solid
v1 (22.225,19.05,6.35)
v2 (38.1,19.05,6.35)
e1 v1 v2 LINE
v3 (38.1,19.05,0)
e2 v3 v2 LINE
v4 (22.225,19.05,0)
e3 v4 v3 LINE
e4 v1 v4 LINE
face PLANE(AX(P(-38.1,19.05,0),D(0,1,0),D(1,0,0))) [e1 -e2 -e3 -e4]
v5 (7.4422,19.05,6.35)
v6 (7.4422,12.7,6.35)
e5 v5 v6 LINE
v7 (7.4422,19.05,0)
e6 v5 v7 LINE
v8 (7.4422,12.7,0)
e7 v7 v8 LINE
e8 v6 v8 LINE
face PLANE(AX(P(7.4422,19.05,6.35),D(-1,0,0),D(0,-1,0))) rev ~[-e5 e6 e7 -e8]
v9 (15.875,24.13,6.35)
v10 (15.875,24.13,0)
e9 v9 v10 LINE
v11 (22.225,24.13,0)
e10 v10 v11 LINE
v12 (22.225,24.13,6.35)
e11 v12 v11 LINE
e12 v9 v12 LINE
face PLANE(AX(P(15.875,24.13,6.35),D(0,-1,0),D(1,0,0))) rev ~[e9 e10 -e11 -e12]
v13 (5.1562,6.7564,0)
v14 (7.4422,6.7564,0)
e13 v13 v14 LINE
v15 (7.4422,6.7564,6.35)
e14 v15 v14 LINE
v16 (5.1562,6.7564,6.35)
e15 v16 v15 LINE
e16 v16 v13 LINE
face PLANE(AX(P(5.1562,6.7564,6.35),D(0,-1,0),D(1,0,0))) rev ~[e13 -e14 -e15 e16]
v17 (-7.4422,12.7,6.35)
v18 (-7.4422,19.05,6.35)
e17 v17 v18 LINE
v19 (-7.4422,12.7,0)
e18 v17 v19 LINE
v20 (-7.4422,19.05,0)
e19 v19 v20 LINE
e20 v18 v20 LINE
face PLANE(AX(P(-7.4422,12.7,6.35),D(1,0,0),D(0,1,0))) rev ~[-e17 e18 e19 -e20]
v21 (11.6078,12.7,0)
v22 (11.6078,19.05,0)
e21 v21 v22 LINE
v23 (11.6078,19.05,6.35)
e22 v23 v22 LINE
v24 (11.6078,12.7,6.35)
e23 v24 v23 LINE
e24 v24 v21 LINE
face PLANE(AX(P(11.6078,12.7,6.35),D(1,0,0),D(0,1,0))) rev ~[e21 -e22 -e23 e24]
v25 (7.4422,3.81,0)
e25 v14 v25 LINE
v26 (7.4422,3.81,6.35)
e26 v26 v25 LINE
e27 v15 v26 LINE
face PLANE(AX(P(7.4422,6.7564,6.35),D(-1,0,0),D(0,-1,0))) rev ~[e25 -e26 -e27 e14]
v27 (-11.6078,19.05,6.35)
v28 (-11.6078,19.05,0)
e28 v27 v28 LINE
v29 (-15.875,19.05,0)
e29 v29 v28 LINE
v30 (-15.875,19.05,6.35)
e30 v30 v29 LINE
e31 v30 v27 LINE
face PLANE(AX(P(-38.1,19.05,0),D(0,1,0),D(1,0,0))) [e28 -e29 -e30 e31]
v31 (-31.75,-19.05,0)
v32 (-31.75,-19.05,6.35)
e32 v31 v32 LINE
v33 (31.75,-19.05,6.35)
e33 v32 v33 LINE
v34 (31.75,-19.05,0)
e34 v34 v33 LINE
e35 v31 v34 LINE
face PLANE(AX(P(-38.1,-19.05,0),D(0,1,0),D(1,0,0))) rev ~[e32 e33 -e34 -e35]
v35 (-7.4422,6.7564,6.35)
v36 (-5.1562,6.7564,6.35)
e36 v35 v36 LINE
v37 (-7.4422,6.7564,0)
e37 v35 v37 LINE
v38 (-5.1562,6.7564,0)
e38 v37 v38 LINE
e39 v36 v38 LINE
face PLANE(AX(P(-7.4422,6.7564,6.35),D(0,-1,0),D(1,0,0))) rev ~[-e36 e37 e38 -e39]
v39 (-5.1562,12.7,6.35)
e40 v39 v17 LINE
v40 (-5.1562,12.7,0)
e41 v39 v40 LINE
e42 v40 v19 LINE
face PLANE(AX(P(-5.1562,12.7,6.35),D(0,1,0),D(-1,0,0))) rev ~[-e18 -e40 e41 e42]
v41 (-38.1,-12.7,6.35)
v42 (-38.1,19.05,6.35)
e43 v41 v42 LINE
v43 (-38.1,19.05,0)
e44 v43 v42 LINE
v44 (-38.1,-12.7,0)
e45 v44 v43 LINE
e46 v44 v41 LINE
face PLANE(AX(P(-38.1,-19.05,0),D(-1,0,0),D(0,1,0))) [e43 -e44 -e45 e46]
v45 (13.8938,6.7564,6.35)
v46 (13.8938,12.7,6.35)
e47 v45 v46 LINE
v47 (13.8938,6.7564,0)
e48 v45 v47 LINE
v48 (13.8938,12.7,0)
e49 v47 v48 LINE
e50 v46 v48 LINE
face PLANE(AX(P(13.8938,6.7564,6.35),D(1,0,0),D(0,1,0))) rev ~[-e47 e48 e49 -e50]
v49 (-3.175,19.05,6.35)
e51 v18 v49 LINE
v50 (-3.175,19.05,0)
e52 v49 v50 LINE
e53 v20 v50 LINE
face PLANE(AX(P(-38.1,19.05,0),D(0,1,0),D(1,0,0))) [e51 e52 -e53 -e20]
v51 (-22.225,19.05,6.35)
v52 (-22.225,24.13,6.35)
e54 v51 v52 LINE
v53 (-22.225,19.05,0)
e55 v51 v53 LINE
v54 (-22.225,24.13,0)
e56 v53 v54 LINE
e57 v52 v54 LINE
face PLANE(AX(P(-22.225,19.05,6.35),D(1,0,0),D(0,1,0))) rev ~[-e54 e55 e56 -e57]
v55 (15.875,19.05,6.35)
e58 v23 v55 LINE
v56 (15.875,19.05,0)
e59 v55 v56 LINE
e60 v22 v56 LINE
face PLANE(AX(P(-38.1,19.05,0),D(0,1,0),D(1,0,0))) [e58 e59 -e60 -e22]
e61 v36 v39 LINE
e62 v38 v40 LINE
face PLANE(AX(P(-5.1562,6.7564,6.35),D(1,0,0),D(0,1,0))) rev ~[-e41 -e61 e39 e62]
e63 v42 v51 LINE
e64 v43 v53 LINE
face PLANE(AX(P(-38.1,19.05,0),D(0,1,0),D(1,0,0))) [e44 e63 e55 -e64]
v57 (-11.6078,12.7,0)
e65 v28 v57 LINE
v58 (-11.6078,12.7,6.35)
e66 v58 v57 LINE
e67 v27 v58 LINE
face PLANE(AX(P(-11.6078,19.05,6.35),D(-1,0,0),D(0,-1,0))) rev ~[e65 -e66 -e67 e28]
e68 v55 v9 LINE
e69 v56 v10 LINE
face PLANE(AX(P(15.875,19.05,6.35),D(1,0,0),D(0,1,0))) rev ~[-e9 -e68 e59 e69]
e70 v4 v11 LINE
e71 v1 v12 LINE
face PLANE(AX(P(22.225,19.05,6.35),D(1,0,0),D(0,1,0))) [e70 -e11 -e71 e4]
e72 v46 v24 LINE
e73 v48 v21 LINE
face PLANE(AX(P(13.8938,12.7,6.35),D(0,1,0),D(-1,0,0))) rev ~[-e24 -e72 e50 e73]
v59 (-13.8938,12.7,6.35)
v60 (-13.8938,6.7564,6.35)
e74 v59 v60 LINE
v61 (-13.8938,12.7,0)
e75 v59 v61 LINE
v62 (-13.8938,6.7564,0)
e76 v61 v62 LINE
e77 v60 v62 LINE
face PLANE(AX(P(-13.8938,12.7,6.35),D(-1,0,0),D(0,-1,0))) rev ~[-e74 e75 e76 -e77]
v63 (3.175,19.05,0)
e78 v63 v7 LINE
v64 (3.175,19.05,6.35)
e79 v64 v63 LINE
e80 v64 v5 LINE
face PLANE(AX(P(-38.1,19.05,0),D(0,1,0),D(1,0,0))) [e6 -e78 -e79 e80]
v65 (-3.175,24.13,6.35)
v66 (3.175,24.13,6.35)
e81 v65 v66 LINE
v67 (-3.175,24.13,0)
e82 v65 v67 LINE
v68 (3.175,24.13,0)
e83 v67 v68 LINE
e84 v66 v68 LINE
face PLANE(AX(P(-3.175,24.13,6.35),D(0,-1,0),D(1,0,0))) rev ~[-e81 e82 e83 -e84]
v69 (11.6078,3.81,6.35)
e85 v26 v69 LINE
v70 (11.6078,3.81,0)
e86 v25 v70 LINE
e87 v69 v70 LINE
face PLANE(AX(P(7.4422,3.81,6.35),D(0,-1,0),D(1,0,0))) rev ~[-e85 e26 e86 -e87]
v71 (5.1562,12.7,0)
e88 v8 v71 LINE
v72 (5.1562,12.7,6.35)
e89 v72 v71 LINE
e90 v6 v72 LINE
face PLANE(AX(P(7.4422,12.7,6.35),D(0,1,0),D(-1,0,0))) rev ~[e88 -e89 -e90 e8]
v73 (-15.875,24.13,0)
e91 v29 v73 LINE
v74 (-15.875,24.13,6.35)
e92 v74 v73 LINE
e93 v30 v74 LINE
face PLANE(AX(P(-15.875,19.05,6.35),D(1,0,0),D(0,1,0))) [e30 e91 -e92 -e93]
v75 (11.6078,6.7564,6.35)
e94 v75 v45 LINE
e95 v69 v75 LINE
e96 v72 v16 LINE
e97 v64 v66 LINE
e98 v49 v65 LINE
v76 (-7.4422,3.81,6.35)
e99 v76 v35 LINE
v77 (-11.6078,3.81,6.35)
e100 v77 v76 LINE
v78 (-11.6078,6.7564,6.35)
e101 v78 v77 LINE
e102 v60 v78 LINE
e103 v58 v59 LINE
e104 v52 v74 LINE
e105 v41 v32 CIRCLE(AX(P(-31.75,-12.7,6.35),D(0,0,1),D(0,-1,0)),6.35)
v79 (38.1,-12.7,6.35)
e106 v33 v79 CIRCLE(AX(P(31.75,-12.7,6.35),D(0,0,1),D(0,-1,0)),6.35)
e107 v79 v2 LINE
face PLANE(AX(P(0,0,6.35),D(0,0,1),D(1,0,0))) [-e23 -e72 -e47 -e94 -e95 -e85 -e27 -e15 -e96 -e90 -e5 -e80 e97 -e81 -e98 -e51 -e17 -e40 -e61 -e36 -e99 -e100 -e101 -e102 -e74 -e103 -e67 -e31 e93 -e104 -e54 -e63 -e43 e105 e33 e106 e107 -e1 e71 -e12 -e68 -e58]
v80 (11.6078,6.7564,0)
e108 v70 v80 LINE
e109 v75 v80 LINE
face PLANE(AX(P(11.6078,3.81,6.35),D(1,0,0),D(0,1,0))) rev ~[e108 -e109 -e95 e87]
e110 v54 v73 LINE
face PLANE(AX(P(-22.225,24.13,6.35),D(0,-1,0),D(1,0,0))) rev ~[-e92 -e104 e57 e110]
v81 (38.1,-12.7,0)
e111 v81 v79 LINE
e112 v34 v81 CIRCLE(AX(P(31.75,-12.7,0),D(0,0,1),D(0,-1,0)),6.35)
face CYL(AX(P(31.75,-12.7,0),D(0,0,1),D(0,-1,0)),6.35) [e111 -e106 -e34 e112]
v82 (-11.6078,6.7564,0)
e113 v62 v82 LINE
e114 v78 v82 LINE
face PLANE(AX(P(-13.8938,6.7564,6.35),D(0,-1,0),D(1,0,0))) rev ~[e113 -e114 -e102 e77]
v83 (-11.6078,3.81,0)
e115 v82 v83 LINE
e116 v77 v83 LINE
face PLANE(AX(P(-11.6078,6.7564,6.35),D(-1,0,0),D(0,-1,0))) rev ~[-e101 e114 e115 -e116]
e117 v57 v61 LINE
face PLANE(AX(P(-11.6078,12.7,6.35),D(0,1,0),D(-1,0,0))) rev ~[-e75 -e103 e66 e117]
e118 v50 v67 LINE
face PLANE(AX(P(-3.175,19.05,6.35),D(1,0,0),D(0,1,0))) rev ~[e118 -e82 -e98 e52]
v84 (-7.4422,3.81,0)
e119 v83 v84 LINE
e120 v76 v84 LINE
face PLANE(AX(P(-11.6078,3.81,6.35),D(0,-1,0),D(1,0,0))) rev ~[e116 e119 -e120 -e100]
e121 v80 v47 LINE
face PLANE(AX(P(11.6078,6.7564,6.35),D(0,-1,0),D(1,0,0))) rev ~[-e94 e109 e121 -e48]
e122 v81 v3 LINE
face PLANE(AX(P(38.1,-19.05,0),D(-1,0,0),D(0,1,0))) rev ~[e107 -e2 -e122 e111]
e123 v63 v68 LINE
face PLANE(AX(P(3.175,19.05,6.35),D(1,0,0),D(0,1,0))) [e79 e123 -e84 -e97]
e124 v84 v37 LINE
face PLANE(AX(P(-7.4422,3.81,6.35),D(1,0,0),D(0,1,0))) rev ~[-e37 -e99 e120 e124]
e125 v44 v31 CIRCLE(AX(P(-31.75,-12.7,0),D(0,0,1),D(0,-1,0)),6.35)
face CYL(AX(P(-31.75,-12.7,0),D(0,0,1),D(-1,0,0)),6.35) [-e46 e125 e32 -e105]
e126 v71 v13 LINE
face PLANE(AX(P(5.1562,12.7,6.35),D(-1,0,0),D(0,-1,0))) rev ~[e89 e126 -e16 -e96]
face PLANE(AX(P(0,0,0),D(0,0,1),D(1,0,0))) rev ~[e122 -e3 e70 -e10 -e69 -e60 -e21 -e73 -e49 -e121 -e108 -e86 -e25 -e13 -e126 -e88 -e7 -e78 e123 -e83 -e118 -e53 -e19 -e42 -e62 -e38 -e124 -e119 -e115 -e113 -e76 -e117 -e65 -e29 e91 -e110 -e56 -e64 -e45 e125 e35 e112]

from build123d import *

# Parameters (mm, degrees)
SKETCH1_W           = 76.2
SKETCH1_H           = 38.1
BOSS_EXTRUDE1_DEPTH = 6.35
SKETCH3_W           = 6.35
SKETCH3_H           = 5.08
BOSS_EXTRUDE2_DEPTH = 6.35
CUT_EXTRUDE1_DEPTH  = 7.35
FILLET1_R           = 6.35


with BuildPart() as part:
    # Sketch1 → Boss-Extrude1 (new body)
    with BuildSketch(Plane.XY):
        Rectangle(SKETCH1_W, SKETCH1_H)
    extrude(amount=BOSS_EXTRUDE1_DEPTH)

    # Sketch3 → Boss-Extrude2 (add)
    with BuildSketch(Plane.XY.offset(6.35)):
        with Locations((19.05, 21.59)):
            Rectangle(SKETCH3_W, SKETCH3_H)
        with Locations((-19.05, 21.59)):
            Rectangle(SKETCH3_W, SKETCH3_H)
        with Locations((0, 21.59)):
            Rectangle(SKETCH3_W, SKETCH3_H)
    extrude(amount=-BOSS_EXTRUDE2_DEPTH)

    # Sketch6 → Cut-Extrude1 (cut, through all)
    with BuildSketch(Plane.XY.offset(6.35)):
        Polygon((-11.6078, 19.05), (-11.6078, 12.7), (-13.8938, 12.7), (-13.8938, 6.7564), (-11.6078, 6.7564), (-11.6078, 3.81), (-7.4422, 3.81), (-7.4422, 6.7564), (-5.1562, 6.7564), (-5.1562, 12.7), (-7.4422, 12.7), (-7.4422, 19.05), align=None)
        Polygon((7.4422, 19.05), (7.4422, 12.7), (5.1562, 12.7), (5.1562, 6.7564), (7.4422, 6.7564), (7.4422, 3.81), (11.6078, 3.81), (11.6078, 6.7564), (13.8938, 6.7564), (13.8938, 12.7), (11.6078, 12.7), (11.6078, 19.05), align=None)
    extrude(amount=-CUT_EXTRUDE1_DEPTH, mode=Mode.SUBTRACT)

    # Fillet1
    fillet1_edges = [part.edges().sort_by_distance(p)[0] for p in [
        (38.1, -19.05, 3.175),
        (-38.1, -19.05, 3.175),
    ]]
    fillet(fillet1_edges, radius=FILLET1_R)


solid = part.part
